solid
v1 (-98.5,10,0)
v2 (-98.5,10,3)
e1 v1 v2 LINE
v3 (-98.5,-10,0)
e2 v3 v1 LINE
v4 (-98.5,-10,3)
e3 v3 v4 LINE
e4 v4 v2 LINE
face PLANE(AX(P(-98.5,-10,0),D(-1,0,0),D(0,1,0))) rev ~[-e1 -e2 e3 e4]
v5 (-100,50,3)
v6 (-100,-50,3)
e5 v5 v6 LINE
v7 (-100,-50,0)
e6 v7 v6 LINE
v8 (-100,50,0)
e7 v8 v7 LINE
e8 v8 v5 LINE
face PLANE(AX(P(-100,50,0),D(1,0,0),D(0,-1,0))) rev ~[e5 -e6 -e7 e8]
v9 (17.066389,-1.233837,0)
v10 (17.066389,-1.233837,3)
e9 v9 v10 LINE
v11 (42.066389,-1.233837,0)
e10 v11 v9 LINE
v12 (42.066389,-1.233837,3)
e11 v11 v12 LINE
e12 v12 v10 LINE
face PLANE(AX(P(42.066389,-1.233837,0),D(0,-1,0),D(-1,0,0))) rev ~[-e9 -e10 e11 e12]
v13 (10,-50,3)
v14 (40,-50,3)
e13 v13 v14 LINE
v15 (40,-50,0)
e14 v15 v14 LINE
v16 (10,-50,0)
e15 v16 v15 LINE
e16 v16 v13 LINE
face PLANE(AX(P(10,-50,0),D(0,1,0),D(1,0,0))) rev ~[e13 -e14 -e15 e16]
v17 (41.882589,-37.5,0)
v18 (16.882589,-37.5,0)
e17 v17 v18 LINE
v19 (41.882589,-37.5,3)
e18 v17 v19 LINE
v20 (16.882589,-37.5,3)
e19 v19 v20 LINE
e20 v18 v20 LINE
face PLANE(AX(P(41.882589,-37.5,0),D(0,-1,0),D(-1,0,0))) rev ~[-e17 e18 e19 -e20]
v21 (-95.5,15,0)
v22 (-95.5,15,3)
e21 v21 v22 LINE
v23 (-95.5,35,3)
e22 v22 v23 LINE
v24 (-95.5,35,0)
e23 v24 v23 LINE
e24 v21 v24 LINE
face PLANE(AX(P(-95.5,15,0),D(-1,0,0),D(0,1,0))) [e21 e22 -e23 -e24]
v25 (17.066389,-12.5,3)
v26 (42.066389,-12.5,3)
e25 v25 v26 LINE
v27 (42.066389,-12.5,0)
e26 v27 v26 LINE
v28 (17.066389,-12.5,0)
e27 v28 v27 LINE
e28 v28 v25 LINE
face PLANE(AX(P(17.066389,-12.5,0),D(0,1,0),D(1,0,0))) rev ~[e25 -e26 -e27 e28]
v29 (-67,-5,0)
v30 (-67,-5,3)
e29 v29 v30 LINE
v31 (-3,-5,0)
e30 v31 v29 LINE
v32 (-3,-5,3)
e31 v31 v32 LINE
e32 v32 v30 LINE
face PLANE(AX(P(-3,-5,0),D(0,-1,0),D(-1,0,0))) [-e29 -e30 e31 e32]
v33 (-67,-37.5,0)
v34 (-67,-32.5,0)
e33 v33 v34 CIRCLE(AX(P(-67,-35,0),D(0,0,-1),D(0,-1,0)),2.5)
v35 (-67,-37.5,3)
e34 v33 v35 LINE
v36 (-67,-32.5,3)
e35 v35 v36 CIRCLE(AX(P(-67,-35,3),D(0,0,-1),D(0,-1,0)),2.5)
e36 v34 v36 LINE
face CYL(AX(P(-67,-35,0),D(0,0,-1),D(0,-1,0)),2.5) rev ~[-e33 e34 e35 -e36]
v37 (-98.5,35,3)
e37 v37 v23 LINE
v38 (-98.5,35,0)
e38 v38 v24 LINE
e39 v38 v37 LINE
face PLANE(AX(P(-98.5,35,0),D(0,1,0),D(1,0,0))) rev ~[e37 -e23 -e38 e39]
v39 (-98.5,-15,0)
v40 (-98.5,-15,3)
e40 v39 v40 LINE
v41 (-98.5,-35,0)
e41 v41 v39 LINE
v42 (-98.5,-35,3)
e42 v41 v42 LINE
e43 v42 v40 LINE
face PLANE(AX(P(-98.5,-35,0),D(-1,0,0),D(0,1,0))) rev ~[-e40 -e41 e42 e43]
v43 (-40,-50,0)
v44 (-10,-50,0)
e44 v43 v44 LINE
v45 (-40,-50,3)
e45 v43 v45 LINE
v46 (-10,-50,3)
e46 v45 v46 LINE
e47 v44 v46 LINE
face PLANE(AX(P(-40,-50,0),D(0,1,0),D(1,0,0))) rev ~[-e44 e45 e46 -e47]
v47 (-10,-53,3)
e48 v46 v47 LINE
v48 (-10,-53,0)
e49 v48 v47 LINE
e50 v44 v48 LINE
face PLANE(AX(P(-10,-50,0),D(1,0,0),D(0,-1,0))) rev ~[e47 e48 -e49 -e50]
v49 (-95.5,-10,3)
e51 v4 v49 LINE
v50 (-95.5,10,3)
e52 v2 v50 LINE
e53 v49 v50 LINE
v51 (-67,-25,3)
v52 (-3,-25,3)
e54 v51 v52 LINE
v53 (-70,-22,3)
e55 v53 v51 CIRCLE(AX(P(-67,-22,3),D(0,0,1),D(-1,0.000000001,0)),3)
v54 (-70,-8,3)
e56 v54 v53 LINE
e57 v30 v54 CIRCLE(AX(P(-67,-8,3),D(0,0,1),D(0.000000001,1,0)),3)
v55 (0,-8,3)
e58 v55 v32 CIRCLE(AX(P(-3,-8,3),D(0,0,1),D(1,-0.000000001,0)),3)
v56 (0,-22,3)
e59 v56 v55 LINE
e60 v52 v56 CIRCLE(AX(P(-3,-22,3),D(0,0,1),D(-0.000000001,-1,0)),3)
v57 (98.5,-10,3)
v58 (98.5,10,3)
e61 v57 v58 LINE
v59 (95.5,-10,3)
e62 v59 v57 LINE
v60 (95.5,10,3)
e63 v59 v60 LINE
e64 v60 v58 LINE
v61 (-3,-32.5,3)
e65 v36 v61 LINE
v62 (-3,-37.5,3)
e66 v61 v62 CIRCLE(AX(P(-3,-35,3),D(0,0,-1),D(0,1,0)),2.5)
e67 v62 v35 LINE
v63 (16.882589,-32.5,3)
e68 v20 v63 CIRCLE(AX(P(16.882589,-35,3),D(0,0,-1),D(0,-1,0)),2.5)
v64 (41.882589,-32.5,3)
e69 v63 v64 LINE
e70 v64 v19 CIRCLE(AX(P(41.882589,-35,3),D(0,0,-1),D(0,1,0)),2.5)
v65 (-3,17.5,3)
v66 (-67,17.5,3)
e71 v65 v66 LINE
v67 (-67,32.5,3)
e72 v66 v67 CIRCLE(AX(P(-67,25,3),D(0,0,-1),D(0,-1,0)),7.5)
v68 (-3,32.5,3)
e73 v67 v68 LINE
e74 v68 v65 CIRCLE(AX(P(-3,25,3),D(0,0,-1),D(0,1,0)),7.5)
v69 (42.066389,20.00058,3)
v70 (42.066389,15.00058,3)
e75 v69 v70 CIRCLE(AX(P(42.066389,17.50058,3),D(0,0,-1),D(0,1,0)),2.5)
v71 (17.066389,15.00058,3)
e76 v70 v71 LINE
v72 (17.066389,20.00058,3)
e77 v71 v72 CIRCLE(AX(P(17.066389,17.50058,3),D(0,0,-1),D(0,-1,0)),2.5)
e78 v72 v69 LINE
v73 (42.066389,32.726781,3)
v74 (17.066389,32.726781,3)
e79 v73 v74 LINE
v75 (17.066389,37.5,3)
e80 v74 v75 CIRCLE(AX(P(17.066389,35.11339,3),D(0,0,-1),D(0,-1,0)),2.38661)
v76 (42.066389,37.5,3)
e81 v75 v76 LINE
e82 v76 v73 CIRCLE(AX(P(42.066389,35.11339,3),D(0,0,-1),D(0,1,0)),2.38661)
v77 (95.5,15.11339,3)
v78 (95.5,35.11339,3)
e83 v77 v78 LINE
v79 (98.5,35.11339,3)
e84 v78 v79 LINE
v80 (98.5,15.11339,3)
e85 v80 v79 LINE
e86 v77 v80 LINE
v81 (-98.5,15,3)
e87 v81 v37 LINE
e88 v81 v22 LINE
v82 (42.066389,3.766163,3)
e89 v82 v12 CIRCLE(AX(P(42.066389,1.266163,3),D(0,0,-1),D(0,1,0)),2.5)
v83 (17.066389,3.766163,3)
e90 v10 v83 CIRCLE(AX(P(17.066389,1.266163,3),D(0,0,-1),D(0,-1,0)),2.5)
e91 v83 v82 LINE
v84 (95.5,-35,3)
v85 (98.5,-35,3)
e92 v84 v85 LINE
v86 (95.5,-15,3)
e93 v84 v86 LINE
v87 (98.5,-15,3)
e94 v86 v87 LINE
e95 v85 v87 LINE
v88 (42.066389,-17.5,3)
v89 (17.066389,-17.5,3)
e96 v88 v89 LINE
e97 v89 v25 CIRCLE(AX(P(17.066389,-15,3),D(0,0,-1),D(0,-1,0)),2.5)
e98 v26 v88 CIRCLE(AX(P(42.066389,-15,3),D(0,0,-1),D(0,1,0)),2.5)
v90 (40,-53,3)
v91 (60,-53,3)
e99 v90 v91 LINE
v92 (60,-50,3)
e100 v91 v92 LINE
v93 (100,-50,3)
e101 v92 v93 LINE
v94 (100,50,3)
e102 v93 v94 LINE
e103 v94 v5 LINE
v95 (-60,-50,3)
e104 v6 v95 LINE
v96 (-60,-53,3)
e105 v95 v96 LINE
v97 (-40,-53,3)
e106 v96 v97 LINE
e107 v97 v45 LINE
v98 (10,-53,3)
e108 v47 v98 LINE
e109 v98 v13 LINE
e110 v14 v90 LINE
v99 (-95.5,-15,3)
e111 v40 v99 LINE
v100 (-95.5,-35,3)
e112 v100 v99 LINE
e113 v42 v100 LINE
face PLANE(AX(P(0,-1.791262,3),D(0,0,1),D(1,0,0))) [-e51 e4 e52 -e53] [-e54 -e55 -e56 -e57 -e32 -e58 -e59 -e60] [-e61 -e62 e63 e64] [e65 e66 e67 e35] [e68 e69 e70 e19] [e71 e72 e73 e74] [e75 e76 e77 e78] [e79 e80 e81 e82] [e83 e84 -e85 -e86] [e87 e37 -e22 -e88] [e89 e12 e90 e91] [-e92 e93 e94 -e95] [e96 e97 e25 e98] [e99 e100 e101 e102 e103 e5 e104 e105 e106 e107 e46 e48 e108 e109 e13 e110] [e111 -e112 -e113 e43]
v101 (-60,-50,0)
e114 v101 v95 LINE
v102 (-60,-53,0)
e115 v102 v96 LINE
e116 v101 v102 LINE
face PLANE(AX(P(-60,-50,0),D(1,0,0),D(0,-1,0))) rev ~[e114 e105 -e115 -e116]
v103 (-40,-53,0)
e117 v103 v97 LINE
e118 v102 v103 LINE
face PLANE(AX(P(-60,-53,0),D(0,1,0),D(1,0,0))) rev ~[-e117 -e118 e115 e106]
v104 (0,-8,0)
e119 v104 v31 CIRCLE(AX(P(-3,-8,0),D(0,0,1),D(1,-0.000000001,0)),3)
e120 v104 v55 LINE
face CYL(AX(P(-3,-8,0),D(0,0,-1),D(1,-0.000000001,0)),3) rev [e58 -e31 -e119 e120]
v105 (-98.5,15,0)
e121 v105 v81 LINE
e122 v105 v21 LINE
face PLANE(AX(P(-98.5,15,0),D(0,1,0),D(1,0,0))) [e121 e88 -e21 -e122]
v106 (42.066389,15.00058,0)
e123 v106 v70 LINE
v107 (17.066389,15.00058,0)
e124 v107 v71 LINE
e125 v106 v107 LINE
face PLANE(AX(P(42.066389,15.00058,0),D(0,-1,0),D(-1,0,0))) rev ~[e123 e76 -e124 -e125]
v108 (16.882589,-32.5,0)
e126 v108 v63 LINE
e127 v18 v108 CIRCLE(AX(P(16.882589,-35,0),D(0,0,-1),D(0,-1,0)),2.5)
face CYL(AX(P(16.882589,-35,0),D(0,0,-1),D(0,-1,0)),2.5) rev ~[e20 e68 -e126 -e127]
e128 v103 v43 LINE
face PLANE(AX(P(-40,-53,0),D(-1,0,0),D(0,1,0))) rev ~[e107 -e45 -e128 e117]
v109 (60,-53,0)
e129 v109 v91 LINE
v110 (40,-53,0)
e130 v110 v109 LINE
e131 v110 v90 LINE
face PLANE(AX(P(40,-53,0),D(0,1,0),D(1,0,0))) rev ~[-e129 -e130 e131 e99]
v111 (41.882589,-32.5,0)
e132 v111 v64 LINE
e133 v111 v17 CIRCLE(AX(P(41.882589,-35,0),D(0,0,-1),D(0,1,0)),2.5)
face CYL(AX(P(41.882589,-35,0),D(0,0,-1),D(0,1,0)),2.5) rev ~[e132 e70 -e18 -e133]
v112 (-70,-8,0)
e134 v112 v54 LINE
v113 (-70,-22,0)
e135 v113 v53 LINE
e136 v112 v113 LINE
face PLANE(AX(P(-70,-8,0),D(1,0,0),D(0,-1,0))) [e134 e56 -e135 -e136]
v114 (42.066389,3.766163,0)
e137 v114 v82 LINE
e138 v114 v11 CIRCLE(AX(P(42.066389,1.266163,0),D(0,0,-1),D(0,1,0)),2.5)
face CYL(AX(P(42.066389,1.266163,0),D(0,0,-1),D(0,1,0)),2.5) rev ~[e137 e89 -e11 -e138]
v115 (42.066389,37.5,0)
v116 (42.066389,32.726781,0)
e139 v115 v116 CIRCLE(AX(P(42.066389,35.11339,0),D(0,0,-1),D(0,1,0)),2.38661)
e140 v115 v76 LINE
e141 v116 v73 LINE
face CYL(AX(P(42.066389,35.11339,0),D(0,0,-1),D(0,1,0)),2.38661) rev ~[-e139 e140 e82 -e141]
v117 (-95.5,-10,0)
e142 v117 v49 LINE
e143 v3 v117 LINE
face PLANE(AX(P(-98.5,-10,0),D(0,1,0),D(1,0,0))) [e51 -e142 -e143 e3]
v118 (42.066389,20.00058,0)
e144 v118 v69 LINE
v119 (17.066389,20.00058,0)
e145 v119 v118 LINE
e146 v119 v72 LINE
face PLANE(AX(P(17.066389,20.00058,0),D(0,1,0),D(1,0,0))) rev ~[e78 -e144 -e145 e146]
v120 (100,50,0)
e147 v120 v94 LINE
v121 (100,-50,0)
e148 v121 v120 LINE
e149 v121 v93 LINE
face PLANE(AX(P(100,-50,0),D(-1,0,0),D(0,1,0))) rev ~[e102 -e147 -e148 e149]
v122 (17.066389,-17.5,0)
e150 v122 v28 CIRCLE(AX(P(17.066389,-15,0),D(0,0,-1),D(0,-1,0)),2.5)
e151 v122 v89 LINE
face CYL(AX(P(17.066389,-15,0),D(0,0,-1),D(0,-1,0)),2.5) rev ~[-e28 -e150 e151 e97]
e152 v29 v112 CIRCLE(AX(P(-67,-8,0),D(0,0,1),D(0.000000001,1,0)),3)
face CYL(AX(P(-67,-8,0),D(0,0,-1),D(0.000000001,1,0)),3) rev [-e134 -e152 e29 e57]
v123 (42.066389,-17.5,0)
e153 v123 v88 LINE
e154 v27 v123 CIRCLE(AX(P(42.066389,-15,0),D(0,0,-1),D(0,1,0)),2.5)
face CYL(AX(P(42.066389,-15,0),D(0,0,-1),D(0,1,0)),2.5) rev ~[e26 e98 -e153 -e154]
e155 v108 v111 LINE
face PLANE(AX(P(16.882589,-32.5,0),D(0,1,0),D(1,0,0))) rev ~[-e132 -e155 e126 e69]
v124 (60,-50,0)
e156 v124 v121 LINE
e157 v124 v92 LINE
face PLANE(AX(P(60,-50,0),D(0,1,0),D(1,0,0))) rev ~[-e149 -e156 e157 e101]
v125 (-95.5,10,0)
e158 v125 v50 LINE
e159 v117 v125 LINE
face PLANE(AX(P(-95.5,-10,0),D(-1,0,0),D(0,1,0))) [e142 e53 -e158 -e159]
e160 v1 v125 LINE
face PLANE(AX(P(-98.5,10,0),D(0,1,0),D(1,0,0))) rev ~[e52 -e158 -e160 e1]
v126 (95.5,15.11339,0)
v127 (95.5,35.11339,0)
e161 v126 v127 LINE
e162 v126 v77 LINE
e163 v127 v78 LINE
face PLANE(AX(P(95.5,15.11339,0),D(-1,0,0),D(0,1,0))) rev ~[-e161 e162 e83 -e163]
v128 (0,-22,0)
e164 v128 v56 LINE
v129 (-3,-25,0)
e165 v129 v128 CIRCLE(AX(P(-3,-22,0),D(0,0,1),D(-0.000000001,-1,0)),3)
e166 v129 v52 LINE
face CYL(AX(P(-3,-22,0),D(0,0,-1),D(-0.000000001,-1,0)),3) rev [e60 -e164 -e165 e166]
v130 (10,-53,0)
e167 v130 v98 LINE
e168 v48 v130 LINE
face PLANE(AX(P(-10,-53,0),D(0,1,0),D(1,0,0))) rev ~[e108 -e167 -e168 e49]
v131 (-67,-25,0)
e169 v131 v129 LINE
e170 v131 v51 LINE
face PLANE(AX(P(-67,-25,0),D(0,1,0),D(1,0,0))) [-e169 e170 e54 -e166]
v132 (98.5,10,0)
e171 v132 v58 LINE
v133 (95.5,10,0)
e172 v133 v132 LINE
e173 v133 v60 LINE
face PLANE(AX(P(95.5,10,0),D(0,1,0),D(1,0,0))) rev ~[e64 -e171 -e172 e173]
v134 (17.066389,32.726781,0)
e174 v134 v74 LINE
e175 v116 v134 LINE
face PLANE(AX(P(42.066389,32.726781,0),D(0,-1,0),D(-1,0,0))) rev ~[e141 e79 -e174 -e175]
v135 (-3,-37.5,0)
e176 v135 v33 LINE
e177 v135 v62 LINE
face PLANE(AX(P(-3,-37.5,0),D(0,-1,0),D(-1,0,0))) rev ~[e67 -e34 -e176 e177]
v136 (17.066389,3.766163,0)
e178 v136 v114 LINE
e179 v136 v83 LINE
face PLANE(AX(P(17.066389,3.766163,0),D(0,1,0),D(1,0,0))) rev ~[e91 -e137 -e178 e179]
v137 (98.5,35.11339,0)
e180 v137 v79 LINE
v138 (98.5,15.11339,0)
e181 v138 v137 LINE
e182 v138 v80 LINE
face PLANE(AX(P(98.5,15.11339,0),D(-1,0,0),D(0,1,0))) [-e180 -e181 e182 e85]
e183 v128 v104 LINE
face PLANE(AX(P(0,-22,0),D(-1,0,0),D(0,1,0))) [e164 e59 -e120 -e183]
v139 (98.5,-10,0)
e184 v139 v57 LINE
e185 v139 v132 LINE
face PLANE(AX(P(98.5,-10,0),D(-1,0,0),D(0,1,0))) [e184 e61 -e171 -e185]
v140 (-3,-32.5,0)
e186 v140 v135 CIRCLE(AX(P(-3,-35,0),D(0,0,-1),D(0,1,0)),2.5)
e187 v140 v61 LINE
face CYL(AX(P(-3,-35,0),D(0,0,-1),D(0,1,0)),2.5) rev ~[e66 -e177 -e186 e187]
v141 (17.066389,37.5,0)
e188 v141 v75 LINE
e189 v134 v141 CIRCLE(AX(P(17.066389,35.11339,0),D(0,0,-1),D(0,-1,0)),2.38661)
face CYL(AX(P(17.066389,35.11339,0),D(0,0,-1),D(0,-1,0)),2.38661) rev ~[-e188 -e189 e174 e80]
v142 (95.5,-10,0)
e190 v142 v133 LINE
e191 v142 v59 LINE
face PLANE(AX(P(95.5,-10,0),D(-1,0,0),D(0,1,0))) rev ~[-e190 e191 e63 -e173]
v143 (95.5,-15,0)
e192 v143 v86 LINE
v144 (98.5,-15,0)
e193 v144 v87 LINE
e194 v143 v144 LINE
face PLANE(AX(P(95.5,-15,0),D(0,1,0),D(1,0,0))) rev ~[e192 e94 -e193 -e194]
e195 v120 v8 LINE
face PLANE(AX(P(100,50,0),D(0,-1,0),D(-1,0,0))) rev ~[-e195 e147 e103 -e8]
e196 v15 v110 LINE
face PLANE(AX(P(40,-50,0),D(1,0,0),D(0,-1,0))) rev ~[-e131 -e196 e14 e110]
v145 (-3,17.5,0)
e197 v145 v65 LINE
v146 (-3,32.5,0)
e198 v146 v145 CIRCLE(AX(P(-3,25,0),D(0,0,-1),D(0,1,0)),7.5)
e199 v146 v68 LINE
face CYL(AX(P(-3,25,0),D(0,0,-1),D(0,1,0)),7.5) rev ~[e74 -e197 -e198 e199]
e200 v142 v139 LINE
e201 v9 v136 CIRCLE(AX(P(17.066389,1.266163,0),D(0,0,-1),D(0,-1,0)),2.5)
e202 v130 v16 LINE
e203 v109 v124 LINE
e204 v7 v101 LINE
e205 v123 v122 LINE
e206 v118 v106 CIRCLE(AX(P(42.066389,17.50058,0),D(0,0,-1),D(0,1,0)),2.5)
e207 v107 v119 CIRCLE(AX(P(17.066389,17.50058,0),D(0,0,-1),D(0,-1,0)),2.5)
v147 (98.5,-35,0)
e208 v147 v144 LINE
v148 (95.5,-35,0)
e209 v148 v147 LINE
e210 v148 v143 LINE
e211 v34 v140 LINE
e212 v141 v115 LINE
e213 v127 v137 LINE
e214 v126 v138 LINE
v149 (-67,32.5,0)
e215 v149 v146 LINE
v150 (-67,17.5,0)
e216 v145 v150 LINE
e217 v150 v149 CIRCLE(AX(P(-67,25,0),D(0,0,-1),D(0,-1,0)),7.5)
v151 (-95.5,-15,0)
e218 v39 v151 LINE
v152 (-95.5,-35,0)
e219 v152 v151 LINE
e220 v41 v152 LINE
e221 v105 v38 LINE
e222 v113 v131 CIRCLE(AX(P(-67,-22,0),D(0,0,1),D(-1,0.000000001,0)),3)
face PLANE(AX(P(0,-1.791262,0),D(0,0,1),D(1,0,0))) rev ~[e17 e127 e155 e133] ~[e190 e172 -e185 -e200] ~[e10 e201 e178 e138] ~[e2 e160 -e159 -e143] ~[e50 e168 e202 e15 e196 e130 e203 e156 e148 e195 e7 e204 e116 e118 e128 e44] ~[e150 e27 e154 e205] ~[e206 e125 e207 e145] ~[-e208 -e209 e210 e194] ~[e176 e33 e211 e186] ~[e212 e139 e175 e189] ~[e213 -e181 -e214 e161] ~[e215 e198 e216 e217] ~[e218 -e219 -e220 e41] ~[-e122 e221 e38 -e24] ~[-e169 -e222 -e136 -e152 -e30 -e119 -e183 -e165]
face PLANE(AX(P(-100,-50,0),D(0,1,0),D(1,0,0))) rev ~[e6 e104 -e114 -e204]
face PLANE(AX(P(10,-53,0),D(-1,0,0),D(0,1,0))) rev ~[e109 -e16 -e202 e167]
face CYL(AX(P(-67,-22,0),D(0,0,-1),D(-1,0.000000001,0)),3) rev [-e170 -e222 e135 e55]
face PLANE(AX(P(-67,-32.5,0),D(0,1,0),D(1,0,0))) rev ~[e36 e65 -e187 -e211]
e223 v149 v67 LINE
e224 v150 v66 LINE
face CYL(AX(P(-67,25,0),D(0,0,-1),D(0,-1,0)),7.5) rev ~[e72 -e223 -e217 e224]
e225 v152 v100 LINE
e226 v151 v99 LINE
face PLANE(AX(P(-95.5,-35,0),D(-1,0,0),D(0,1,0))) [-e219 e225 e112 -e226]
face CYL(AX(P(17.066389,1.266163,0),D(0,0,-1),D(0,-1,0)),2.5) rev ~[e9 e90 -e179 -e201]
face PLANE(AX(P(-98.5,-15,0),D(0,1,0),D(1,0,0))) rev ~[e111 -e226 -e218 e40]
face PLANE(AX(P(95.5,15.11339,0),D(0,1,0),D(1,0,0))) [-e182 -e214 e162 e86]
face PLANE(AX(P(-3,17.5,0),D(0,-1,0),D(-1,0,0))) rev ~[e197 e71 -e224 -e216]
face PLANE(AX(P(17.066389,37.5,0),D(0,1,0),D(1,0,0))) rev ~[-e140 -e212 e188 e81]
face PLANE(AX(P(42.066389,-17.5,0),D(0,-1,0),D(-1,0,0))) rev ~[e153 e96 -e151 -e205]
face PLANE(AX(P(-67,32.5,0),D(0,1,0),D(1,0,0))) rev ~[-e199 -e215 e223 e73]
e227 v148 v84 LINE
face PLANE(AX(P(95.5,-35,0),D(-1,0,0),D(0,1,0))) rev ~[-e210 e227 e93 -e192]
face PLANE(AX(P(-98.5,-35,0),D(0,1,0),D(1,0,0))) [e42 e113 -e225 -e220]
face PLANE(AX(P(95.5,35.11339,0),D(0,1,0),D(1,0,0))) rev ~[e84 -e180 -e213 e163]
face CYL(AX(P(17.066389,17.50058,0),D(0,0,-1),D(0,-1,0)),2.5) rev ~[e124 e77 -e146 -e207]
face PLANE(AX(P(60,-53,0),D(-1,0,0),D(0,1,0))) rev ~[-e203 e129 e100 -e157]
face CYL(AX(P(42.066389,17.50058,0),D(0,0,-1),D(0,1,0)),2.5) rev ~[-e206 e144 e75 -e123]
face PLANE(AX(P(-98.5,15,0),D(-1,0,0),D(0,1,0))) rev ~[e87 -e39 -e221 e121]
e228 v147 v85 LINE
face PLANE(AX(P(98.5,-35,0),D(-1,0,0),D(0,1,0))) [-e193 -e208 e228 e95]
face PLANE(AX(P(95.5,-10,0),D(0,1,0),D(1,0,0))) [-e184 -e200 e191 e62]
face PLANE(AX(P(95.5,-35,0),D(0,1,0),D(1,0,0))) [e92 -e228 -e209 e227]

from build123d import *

# Parameters (mm, degrees)
SKETCH1_W           = 3
SKETCH1_H           = 20
BOSS_EXTRUDE1_DEPTH = 3


with BuildPart() as part:
    # Sketch1 → Boss-Extrude1 (new body)
    with BuildSketch(Plane.XY):
        Polygon((-100, -50), (-60, -50), (-60, -53), (-40, -53), (-40, -50), (-10, -50), (-10, -53), (10, -53), (10, -50), (40, -50), (40, -53), (60, -53), (60, -50), (100, -50), (100, 50), (-100, 50), align=None)
        with BuildLine():
            Line((-67, -25), (-3, -25))
            ThreePointArc((-3, -25), (-0.878679656, -24.121320344), (0, -22))
            Line((0, -22), (0, -8))
            ThreePointArc((0, -8), (-0.878679656, -5.878679656), (-3, -5))
            Line((-3, -5), (-67, -5))
            ThreePointArc((-67, -5), (-69.121320344, -5.878679656), (-70, -8))
            Line((-70, -8), (-70, -22))
            ThreePointArc((-70, -22), (-69.121320344, -24.121320344), (-67, -25))
        make_face(mode=Mode.SUBTRACT)
        with Locations((-97, 25)):
            Rectangle(SKETCH1_W, SKETCH1_H, mode=Mode.SUBTRACT)
        with Locations((-97, 0)):
            Rectangle(SKETCH1_W, SKETCH1_H, mode=Mode.SUBTRACT)
        with Locations((-97, -25)):
            Rectangle(SKETCH1_W, SKETCH1_H, mode=Mode.SUBTRACT)
        with Locations((97, 25.11339046)):
            Rectangle(SKETCH1_W, SKETCH1_H, mode=Mode.SUBTRACT)
        with Locations((97, 0)):
            Rectangle(SKETCH1_W, SKETCH1_H, mode=Mode.SUBTRACT)
        with Locations((97, -25)):
            Rectangle(SKETCH1_W, SKETCH1_H, mode=Mode.SUBTRACT)
        with BuildLine():
            Line((17.066389082, 37.5), (42.066389082, 37.5))
            ThreePointArc((42.066389082, 37.5), (44.452998622, 35.11339046), (42.066389082, 32.72678092))
            Line((42.066389082, 32.72678092), (17.066389082, 32.72678092))
            ThreePointArc((17.066389082, 32.72678092), (14.679779542, 35.11339046), (17.066389082, 37.5))
        make_face(mode=Mode.SUBTRACT)
        with BuildLine():
            Line((17.066389082, 20.00057963), (42.066389082, 20.00057963))
            ThreePointArc((42.066389082, 20.00057963), (44.566389082, 17.50057963), (42.066389082, 15.00057963))
            Line((42.066389082, 15.00057963), (17.066389082, 15.00057963))
            ThreePointArc((17.066389082, 15.00057963), (14.566389082, 17.50057963), (17.066389082, 20.00057963))
        make_face(mode=Mode.SUBTRACT)
        with BuildLine():
            Line((17.066389082, 3.766162691), (42.066389082, 3.766162691))
            ThreePointArc((42.066389082, 3.766162691), (44.566389082, 1.266162691), (42.066389082, -1.233837309))
            Line((42.066389082, -1.233837309), (17.066389082, -1.233837309))
            ThreePointArc((17.066389082, -1.233837309), (14.566389082, 1.266162691), (17.066389082, 3.766162691))
        make_face(mode=Mode.SUBTRACT)
        with BuildLine():
            Line((16.882588886, -32.5), (41.882588886, -32.5))
            ThreePointArc((41.882588886, -32.5), (44.382588886, -35), (41.882588886, -37.5))
            Line((41.882588886, -37.5), (16.882588886, -37.5))
            ThreePointArc((16.882588886, -37.5), (14.382588886, -35), (16.882588886, -32.5))
        make_face(mode=Mode.SUBTRACT)
        with BuildLine():
            Line((17.066389082, -12.5), (42.066389082, -12.5))
            ThreePointArc((42.066389082, -12.5), (44.566389082, -15), (42.066389082, -17.5))
            Line((42.066389082, -17.5), (17.066389082, -17.5))
            ThreePointArc((17.066389082, -17.5), (14.566389082, -15), (17.066389082, -12.5))
        make_face(mode=Mode.SUBTRACT)
        with BuildLine():
            Line((-67, 32.5), (-3, 32.5))
            ThreePointArc((-3, 32.5), (4.5, 25), (-3, 17.5))
            Line((-3, 17.5), (-67, 17.5))
            ThreePointArc((-67, 17.5), (-74.5, 25), (-67, 32.5))
        make_face(mode=Mode.SUBTRACT)
        with BuildLine():
            Line((-67, -32.5), (-3, -32.5))
            ThreePointArc((-3, -32.5), (-0.5, -35), (-3, -37.5))
            Line((-3, -37.5), (-67, -37.5))
            ThreePointArc((-67, -37.5), (-69.5, -35), (-67, -32.5))
        make_face(mode=Mode.SUBTRACT)
    extrude(amount=BOSS_EXTRUDE1_DEPTH)


solid = part.part
